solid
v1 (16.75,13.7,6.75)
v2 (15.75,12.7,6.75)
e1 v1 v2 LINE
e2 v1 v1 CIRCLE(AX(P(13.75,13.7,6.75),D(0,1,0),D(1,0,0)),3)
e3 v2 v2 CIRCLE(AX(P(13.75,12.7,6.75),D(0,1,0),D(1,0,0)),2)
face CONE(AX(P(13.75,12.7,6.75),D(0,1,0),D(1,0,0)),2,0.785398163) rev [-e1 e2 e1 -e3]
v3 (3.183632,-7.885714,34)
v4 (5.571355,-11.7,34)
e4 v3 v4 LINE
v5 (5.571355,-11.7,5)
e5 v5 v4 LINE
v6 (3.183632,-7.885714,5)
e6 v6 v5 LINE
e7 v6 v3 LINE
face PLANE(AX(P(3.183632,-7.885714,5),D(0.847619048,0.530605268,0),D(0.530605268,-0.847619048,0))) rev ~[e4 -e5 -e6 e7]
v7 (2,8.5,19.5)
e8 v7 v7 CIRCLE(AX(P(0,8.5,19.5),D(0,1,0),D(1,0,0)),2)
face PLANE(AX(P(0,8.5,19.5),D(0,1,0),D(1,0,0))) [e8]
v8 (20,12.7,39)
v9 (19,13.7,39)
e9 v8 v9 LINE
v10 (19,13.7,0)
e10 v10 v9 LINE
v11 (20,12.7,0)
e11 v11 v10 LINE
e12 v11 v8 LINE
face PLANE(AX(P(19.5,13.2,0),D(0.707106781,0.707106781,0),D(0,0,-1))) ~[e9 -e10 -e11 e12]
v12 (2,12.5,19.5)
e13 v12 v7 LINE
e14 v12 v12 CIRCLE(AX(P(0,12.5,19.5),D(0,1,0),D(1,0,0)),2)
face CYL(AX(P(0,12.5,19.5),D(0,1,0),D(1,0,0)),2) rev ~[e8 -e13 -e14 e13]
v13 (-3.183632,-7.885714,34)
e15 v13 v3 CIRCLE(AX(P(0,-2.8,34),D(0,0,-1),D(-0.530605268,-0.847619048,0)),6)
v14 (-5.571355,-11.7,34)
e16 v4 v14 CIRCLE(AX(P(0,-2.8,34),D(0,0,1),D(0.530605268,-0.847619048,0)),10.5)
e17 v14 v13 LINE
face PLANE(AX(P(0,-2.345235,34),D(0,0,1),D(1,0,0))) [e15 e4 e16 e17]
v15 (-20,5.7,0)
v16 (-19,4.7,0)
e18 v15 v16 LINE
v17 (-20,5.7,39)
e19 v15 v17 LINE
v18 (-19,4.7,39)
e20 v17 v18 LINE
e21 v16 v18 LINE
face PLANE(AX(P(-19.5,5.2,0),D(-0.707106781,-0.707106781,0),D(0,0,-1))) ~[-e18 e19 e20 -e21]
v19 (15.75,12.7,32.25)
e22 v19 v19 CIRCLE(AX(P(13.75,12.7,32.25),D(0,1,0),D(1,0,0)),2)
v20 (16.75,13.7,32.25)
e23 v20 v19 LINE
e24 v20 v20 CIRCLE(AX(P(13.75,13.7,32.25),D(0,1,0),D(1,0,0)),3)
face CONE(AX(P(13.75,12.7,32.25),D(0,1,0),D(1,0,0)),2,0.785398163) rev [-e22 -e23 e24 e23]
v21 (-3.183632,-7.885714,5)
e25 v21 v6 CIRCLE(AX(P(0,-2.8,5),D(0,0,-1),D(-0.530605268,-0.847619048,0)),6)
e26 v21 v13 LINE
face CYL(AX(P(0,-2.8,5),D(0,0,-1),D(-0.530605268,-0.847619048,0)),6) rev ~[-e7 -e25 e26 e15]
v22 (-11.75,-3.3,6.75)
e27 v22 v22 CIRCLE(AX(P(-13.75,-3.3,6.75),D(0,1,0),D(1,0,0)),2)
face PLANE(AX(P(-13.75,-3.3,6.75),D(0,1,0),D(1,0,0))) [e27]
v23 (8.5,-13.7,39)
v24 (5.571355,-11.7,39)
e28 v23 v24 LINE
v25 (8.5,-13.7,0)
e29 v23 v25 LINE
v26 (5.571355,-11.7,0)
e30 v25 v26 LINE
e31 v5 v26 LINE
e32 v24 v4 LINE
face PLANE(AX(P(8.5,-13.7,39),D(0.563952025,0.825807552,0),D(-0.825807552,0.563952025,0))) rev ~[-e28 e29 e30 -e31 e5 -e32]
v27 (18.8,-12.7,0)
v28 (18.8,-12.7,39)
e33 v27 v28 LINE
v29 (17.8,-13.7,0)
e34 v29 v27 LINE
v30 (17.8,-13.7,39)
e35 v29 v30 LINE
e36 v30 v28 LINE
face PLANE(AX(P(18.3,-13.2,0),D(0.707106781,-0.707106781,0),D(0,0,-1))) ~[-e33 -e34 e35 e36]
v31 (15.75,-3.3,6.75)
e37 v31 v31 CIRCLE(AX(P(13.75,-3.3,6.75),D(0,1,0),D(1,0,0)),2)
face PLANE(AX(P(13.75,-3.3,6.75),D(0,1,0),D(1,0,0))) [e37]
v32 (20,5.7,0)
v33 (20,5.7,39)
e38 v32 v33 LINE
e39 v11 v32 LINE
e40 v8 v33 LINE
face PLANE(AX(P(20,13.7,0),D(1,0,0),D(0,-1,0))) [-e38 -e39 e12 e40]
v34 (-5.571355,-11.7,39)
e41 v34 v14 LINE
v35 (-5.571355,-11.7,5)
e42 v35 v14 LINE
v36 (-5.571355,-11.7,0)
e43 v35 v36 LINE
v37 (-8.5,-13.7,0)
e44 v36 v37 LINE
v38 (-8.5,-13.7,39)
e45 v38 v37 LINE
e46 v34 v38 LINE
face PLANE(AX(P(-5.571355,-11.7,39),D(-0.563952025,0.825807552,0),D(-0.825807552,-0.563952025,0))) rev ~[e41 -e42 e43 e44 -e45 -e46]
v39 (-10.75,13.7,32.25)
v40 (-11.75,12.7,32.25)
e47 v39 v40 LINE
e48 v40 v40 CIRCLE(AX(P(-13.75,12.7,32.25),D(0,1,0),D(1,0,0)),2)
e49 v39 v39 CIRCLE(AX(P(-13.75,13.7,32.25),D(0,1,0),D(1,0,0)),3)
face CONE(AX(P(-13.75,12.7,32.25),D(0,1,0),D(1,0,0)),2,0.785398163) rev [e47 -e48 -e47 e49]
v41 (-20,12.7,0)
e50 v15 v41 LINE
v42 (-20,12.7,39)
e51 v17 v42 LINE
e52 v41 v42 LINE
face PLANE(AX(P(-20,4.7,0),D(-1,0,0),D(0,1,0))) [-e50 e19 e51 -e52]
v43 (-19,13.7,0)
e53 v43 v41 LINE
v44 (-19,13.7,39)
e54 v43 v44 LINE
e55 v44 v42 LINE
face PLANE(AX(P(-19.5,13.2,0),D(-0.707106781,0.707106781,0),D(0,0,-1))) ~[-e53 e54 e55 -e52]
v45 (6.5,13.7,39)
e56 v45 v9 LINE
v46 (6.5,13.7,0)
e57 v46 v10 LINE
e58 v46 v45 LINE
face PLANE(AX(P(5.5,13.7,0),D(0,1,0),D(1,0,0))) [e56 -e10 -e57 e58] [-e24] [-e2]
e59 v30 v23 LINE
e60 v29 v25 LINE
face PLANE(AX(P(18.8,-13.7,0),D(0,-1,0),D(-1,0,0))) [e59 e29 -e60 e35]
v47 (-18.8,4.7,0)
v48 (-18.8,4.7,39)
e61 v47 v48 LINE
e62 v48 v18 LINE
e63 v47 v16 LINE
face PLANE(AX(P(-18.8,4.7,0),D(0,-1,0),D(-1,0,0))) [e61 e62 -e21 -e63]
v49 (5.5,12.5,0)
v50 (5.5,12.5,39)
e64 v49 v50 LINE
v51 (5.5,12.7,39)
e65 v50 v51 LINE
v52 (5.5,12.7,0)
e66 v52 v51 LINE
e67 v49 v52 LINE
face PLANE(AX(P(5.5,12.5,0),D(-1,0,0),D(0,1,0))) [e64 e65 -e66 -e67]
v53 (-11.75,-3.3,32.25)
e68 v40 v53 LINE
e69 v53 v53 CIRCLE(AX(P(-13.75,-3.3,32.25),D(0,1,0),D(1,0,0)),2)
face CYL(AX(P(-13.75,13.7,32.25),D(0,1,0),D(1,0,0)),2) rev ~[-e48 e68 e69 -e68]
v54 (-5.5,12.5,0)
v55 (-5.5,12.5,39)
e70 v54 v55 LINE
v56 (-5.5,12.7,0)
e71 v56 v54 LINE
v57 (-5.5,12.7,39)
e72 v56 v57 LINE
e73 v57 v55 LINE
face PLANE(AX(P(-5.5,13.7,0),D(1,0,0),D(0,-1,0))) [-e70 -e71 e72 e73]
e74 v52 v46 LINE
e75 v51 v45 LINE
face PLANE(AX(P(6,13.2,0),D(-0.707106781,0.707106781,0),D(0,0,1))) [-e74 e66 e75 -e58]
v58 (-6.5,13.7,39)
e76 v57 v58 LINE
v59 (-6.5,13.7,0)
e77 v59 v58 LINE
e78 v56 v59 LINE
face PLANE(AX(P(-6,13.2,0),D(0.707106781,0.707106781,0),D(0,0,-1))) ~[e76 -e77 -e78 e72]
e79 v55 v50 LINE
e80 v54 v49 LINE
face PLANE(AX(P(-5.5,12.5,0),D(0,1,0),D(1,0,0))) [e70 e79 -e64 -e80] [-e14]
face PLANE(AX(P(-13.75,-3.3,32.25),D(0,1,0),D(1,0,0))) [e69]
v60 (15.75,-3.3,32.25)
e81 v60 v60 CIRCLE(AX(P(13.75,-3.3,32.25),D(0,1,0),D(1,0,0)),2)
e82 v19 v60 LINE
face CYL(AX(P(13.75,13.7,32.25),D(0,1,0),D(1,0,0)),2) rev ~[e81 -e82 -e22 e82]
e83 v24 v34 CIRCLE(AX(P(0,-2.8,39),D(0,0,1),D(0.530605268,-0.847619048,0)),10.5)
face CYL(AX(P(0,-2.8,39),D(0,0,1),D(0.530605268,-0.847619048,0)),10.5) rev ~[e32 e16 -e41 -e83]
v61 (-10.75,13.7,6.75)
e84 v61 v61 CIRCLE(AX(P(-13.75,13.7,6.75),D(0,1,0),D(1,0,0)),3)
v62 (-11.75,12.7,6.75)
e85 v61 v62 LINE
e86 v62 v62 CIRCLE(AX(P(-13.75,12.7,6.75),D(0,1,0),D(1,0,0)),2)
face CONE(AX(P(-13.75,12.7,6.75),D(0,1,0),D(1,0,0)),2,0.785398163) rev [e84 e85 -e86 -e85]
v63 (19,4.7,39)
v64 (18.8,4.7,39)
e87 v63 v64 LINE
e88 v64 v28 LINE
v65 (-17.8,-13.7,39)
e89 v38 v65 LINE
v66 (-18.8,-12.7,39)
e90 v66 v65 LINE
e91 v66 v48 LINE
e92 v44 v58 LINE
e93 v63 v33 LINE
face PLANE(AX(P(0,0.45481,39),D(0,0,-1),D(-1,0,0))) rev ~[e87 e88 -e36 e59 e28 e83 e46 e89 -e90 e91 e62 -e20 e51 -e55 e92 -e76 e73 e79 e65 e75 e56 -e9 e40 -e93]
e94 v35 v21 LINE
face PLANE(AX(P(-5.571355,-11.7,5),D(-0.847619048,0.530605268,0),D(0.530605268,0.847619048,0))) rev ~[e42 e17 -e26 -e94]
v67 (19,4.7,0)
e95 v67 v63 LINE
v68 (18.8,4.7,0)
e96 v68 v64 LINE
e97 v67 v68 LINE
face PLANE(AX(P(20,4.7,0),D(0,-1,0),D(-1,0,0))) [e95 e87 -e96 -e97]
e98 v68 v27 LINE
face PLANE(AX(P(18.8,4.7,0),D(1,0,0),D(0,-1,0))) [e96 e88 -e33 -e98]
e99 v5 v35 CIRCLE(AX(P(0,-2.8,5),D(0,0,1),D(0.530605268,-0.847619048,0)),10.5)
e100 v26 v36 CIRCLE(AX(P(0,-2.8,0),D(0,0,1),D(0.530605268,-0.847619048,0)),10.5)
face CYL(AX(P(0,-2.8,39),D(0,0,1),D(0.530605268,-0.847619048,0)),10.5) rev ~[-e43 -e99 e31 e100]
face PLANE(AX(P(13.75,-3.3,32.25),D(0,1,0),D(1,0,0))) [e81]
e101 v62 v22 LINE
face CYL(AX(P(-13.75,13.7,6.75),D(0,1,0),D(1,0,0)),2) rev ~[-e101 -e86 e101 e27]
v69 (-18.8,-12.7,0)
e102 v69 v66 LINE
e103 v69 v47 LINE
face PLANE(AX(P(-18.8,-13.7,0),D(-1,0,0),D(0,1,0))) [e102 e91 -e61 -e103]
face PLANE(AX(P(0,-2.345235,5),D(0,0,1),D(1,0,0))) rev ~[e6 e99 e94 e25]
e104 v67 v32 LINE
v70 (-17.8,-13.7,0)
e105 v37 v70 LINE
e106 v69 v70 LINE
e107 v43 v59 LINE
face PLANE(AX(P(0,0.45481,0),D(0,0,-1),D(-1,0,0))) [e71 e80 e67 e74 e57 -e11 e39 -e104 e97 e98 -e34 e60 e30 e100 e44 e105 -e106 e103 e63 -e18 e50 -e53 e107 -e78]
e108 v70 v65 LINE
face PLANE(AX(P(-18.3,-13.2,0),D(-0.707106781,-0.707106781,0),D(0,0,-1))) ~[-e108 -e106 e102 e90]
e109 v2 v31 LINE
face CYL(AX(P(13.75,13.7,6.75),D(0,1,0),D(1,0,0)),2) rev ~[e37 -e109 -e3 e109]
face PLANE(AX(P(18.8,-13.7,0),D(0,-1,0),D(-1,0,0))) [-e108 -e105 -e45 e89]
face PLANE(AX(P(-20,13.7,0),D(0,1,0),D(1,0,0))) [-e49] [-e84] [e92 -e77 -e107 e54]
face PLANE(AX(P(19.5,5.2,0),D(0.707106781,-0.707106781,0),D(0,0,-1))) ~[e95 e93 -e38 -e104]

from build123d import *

# Parameters (mm, degrees)
SALIENTE_EXTRUIR1_DEPTH = 39
CORTAR_EXTRUIR1_DEPTH   = 39
SALIENTE_EXTRUIR2_DEPTH = 29
CROQUIS5_R              = 2
CORTAR_EXTRUIR2_DEPTH   = 17
CROQUIS6_R              = 2
CORTAR_EXTRUIR3_DEPTH   = 4
CHAFL_N1_SIZE           = 1


with BuildPart() as part:
    # Croquis1 → Saliente-Extruir1 (new body)
    with BuildSketch(Plane.XY):
        Polygon((-5.5, 13.7), (-5.5, 12.5), (5.5, 12.5), (5.5, 13.7), (20, 13.7), (20, 4.7), (18.8, 4.7), (18.8, -13.7), (-18.8, -13.7), (-18.8, 4.7), (-20, 4.7), (-20, 13.7), align=None)
    extrude(amount=SALIENTE_EXTRUIR1_DEPTH)

    # Croquis2 → Cortar-Extruir1 (cut)
    with BuildSketch(Plane.XY.offset(39)):
        with BuildLine():
            Line((-5.571355311, -11.7), (-8.5, -13.7))
            Line((-8.5, -13.7), (8.5, -13.7))
            Line((8.5, -13.7), (5.571355311, -11.7))
            ThreePointArc((5.571355311, -11.7), (0, 7.7), (-5.571355311, -11.7))
        make_face()
    extrude(amount=-CORTAR_EXTRUIR1_DEPTH, mode=Mode.SUBTRACT)

    # Croquis3 → Saliente-Extruir2 (add)
    with BuildSketch(Plane(origin=(0, 0, 5), x_dir=(-1, 0, 0), z_dir=(0, 0, -1))):
        with BuildLine():
            Line((-3.183631606, -7.885714286), (-5.571355311, -11.7))
            ThreePointArc((-5.571355311, -11.7), (0, 7.7), (5.571355311, -11.7))
            Line((5.571355311, -11.7), (3.183631606, -7.885714286))
            ThreePointArc((3.183631606, -7.885714286), (0, 3.2), (-3.183631606, -7.885714286))
        make_face()
    extrude(amount=-SALIENTE_EXTRUIR2_DEPTH)

    # Croquis5 → Cortar-Extruir2 (cut)
    with BuildSketch(Plane(origin=(0, 13.7, 0), x_dir=(1, 0, 0), z_dir=(0, 1, 0))):
        with Locations((13.75, -32.25)):
            Circle(CROQUIS5_R)
        with Locations((-13.75, -32.25)):
            Circle(CROQUIS5_R)
        with Locations((13.75, -6.75)):
            Circle(CROQUIS5_R)
        with Locations((-13.75, -6.75)):
            Circle(CROQUIS5_R)
    extrude(amount=-CORTAR_EXTRUIR2_DEPTH, mode=Mode.SUBTRACT)

    # Croquis6 → Cortar-Extruir3 (cut)
    with BuildSketch(Plane(origin=(0, 12.5, 0), x_dir=(1, 0, 0), z_dir=(0, 1, 0))):
        with Locations((0, -19.5)):
            Circle(CROQUIS6_R)
    extrude(amount=-CORTAR_EXTRUIR3_DEPTH, mode=Mode.SUBTRACT)

    # Chaflán1
    chafl_n1_edges = [part.edges().sort_by_distance(p)[0] for p in [
        (20, 4.7, 19.5),
        (18.8, -13.7, 19.5),
        (-18.8, -13.7, 19.5),
        (-20, 4.7, 19.5),
        (-20, 13.7, 19.5),
        (-5.5, 13.7, 19.5),
        (5.5, 13.7, 19.5),
        (20, 13.7, 19.5),
        (11.75, 13.7, 32.25),
        (-15.75, 13.7, 32.25),
        (11.75, 13.7, 6.75),
        (-15.75, 13.7, 6.75),
    ]]
    chamfer(chafl_n1_edges, length=CHAFL_N1_SIZE)


solid = part.part
